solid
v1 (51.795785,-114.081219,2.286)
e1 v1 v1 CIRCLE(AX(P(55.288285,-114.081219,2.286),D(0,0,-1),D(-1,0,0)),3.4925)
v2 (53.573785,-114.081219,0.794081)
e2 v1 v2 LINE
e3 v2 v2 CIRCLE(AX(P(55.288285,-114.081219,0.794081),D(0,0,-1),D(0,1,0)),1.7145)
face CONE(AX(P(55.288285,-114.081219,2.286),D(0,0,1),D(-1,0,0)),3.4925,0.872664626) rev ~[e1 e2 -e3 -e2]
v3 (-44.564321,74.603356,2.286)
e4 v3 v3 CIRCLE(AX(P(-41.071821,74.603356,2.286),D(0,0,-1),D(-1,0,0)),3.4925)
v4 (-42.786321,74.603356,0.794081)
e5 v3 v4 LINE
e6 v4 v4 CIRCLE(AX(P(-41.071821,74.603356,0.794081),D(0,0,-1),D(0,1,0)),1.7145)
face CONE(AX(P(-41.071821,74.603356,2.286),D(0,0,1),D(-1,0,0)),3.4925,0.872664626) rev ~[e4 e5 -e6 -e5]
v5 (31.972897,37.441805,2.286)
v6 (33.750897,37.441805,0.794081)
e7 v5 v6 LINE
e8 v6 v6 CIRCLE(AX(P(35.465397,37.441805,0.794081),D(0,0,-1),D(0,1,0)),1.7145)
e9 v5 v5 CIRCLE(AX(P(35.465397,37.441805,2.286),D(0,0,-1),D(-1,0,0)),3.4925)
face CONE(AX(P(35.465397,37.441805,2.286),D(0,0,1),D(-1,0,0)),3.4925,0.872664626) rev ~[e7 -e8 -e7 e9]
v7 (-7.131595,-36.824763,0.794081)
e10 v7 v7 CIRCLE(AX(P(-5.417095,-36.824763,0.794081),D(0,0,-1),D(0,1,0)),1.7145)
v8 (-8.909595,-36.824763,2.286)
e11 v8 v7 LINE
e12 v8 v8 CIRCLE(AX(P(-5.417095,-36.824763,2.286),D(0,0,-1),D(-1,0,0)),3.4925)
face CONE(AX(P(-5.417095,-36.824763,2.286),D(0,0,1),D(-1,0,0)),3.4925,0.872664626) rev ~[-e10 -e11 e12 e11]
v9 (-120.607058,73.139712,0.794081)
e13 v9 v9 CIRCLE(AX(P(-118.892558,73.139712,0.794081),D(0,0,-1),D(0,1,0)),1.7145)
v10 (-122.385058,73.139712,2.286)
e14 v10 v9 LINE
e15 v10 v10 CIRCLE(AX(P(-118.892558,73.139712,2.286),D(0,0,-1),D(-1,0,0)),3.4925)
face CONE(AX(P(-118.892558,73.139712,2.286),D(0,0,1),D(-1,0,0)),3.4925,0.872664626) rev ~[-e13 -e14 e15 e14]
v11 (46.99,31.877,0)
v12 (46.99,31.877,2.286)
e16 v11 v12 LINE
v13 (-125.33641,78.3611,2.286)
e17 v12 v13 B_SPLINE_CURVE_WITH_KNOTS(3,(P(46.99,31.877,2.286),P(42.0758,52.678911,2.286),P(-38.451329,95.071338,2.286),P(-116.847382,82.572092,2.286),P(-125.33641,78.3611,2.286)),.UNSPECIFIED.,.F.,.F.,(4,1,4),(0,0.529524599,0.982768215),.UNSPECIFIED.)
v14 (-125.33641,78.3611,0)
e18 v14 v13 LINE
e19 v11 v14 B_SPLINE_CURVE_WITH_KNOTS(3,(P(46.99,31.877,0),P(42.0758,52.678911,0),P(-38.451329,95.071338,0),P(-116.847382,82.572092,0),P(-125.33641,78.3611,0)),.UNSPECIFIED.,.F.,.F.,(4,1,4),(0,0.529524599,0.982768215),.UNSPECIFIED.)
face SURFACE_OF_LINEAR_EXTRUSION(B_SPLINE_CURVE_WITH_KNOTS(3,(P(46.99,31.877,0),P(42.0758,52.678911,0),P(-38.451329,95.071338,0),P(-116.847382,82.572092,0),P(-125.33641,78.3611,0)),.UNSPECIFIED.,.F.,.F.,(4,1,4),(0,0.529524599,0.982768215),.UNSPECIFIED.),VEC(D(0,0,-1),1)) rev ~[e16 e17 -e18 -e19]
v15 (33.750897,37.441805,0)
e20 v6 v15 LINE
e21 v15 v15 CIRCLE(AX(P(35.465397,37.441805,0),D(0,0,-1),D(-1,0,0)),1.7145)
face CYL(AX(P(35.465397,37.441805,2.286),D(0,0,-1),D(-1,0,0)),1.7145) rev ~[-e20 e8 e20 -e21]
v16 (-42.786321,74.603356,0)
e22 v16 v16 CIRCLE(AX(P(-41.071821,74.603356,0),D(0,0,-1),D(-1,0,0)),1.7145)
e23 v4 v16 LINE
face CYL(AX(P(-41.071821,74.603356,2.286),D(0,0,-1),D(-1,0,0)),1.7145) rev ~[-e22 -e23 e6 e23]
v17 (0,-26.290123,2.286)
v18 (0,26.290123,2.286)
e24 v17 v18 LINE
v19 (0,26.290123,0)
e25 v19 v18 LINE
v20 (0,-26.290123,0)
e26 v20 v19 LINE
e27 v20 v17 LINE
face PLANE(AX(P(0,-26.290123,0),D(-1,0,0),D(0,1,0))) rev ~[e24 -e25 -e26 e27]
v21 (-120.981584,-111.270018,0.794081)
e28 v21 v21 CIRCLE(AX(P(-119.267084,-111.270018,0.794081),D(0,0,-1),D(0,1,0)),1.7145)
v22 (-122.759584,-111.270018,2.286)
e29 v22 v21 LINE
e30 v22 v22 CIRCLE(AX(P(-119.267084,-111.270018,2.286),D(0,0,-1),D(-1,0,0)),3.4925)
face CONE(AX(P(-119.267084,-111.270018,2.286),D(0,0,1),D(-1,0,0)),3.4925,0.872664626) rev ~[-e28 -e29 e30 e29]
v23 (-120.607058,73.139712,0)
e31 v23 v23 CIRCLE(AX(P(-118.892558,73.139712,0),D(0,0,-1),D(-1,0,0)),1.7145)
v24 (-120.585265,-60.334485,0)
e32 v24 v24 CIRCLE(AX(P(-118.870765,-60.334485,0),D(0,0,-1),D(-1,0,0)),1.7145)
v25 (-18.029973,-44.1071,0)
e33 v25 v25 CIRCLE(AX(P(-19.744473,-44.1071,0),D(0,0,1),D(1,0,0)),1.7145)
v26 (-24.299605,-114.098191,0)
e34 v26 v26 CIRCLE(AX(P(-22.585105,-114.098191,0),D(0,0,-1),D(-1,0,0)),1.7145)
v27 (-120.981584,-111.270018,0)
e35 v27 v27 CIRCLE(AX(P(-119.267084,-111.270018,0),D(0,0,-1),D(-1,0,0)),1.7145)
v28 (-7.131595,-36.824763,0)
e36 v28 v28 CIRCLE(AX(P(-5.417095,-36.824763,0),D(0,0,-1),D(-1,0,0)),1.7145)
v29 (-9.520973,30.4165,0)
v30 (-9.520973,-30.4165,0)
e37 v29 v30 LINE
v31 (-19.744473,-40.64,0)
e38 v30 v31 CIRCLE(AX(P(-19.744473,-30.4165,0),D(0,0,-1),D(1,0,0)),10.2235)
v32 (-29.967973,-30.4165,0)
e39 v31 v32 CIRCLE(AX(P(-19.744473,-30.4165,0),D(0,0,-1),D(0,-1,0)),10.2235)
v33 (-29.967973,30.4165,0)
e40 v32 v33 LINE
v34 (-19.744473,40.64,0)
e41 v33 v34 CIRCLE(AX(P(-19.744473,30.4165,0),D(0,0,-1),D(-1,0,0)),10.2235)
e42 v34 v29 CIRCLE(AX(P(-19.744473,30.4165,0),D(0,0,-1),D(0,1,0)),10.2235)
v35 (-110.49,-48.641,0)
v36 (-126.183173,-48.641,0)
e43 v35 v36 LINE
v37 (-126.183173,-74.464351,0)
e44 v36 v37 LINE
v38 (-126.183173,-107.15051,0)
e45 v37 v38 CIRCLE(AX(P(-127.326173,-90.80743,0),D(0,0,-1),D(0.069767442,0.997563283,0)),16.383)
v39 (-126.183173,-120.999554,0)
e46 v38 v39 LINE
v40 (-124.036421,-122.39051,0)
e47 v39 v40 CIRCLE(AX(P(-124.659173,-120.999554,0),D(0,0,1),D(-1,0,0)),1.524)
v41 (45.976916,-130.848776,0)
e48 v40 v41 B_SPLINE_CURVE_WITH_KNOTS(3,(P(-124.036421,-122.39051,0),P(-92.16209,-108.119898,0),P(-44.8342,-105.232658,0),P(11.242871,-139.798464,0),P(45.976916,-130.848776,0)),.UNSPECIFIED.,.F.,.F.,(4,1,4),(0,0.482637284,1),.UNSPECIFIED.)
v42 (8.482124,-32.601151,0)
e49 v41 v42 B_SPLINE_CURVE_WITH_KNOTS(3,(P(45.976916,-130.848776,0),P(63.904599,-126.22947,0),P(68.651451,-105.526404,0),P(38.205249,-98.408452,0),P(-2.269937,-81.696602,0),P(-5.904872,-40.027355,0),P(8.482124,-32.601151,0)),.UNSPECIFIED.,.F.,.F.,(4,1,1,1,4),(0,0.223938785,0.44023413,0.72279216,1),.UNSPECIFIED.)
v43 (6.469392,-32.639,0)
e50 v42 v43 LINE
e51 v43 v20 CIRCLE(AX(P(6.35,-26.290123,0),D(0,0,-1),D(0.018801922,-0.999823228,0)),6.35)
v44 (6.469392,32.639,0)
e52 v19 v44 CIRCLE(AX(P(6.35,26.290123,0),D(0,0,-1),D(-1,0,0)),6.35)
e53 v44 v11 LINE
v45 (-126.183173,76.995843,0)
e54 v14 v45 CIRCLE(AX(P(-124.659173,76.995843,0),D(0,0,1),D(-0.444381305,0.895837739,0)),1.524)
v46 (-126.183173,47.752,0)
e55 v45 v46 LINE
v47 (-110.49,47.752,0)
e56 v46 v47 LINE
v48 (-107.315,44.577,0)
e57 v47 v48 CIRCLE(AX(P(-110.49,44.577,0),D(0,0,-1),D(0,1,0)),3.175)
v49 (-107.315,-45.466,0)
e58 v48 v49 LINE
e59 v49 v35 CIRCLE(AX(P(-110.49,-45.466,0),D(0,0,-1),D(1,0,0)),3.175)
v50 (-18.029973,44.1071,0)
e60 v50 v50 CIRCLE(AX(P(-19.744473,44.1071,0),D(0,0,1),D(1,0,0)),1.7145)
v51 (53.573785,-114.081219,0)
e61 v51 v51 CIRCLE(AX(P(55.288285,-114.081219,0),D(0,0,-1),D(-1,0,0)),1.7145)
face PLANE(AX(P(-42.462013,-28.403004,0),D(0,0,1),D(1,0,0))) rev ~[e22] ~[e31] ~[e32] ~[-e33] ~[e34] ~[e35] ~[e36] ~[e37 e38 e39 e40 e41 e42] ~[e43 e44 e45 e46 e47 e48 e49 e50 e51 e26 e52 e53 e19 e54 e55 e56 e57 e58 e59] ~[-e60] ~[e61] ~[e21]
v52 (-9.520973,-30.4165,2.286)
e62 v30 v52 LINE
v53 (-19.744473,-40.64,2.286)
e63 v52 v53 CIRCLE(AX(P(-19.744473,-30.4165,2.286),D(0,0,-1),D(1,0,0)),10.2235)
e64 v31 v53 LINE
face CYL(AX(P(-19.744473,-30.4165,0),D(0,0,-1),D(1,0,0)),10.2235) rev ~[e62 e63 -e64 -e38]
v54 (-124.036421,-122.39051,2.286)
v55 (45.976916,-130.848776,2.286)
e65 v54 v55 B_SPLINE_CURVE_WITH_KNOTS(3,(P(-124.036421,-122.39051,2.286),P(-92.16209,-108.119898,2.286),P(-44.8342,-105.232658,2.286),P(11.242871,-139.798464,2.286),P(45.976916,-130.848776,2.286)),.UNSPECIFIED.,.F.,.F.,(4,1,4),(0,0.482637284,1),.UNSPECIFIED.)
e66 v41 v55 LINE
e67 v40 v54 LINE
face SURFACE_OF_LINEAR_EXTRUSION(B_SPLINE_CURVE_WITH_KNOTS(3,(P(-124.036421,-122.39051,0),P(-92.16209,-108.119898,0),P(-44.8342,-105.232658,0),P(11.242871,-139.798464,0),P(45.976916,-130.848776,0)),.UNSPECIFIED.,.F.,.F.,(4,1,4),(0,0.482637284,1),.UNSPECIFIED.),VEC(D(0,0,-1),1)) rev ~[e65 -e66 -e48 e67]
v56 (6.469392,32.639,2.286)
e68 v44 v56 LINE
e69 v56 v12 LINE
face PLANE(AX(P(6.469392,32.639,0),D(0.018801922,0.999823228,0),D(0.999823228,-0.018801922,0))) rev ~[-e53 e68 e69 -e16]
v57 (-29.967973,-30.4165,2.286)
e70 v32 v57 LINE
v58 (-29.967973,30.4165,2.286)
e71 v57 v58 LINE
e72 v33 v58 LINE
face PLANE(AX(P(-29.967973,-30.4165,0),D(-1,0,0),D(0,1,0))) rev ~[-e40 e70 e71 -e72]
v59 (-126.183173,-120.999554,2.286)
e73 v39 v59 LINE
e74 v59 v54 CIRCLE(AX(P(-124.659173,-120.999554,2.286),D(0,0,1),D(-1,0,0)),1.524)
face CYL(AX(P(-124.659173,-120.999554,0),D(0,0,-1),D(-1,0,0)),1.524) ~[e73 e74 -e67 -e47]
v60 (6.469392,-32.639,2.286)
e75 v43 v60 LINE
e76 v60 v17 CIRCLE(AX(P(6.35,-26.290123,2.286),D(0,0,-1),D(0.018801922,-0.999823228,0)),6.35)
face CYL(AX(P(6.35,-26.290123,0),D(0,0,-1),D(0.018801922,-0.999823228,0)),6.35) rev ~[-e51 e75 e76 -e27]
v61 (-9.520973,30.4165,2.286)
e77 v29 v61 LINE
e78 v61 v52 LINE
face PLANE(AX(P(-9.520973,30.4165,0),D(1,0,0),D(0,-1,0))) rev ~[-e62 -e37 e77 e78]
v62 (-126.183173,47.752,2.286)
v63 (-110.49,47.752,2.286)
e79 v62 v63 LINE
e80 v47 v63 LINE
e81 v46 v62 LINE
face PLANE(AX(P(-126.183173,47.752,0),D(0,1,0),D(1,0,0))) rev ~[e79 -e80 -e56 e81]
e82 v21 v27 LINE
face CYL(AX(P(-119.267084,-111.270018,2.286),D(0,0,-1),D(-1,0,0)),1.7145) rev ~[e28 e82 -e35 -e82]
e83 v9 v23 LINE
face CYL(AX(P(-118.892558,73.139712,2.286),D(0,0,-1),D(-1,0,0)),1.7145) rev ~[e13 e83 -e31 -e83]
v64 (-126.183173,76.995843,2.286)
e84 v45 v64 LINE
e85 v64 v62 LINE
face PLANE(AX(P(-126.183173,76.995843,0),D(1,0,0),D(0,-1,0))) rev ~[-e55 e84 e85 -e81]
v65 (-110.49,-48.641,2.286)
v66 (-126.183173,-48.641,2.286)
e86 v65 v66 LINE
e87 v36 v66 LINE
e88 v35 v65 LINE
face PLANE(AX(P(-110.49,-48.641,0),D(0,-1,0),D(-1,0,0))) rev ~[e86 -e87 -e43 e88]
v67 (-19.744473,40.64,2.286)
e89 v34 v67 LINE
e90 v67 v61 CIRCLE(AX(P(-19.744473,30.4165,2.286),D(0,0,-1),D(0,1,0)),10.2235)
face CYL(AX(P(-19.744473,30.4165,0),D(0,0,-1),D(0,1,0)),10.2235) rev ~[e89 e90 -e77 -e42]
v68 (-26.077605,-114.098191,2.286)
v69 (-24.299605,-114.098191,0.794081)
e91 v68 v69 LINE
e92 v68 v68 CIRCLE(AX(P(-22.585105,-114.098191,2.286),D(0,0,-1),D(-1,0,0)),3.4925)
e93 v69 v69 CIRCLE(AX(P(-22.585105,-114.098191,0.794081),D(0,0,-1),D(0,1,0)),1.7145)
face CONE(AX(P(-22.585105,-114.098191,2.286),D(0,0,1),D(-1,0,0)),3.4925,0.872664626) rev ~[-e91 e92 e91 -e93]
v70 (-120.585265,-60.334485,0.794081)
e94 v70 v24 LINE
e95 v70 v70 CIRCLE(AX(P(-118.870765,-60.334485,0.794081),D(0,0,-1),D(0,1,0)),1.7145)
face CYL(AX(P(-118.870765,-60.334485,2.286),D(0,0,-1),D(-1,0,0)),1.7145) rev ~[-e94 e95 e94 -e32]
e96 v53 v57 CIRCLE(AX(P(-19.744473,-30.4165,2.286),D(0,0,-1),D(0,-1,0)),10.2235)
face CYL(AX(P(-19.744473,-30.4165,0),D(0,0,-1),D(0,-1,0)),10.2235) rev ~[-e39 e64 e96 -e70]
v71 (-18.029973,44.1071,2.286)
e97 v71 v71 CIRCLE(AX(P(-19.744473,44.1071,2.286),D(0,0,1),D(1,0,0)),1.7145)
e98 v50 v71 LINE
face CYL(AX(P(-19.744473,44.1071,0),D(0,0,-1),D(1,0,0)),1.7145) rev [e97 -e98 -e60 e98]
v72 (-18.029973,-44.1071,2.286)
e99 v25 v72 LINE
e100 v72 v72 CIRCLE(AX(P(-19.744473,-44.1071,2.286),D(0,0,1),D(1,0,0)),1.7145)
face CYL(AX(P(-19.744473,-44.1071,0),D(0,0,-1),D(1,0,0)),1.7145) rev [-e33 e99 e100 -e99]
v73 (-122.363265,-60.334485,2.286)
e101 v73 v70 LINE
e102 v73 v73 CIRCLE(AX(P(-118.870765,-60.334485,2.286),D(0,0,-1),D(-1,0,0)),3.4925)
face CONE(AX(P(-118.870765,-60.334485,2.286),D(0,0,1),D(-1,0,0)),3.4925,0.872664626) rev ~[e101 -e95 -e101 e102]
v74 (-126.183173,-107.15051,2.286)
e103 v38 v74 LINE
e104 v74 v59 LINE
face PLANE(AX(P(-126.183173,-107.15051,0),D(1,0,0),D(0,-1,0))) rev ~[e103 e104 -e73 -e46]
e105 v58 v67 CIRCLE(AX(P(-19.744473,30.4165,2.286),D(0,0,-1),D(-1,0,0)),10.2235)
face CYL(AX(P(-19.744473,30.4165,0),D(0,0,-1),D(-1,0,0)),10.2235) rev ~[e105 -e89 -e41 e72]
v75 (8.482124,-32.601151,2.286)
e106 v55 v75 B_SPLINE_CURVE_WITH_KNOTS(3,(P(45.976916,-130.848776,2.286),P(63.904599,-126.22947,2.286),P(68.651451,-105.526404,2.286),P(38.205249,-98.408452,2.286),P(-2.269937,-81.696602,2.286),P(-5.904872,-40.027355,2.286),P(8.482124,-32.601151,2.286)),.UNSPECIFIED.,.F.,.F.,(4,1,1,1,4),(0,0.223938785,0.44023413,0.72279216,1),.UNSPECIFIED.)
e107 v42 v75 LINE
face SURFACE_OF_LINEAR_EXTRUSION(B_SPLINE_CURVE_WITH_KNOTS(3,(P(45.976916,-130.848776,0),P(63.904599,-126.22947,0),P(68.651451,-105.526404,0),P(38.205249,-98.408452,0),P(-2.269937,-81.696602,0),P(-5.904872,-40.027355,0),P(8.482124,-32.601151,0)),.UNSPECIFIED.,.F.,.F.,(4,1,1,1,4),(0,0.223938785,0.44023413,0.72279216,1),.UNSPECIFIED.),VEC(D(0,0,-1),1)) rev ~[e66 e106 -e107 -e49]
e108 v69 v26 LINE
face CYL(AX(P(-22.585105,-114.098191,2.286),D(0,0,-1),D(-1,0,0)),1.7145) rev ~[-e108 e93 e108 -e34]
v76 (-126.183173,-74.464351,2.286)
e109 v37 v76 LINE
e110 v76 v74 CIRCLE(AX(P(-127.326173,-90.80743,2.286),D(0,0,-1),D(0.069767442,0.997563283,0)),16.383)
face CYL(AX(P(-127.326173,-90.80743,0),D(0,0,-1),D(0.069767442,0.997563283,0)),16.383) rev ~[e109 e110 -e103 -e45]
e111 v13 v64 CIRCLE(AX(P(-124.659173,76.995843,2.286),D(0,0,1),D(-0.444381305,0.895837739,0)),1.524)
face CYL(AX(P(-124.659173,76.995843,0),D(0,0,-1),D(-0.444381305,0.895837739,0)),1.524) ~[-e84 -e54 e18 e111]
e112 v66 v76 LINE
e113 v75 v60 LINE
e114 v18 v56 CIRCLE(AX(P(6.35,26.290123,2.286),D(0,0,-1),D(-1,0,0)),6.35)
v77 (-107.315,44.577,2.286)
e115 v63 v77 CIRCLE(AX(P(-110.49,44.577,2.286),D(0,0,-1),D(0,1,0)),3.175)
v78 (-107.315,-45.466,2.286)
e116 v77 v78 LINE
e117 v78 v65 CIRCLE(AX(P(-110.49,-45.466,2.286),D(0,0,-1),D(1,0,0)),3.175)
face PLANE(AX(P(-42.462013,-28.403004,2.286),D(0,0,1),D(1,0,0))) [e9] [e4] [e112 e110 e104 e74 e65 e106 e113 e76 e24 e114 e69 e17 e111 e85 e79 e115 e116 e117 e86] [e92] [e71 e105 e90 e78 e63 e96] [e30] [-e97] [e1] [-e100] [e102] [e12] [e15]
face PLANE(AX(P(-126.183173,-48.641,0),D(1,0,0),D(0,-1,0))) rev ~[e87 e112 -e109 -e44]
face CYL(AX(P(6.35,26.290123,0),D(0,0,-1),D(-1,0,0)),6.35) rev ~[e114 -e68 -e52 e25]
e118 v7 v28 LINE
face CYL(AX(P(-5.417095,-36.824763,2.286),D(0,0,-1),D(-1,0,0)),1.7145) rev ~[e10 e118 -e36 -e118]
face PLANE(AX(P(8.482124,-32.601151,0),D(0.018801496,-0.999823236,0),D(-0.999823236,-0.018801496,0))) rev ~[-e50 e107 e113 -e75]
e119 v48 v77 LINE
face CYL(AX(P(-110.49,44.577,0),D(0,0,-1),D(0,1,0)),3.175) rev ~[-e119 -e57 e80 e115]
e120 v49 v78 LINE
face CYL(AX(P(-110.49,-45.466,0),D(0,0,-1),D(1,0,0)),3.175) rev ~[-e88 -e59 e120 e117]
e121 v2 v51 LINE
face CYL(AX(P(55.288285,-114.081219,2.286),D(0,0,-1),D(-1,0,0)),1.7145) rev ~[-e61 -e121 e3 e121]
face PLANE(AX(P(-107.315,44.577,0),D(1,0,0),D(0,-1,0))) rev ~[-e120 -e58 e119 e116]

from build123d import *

# Parameters (mm, degrees)
F0_R           = 1.7145
F1_DEPTH       = 2.286
F3_D           = 3.429
F3_CSINK_D     = 6.985
F3_CSINK_ANGLE = 100


with BuildPart() as f1:
    # F0 (on Top) → F1 (new body)
    with BuildSketch(Plane.XY):
        with BuildLine():
            Line((-107.315, 44.577), (-107.315, 0))
            Line((-107.315, 0), (-107.315, -45.466))
            ThreePointArc((-107.315, -45.466), (-108.2449359697, -47.7110640303), (-110.49, -48.641))
            Line((-110.49, -48.641), (-126.1831725782, -48.641))
            Line((-126.1831725782, -48.641), (-126.1831725782, -74.4643509633))
            ThreePointArc((-126.1831725782, -74.4643509633), (-110.9431725782, -90.8074302325), (-126.1831725782, -107.1505095018))
            Line((-126.1831725782, -107.1505095018), (-126.1831725782, -120.9995541592))
            ThreePointArc((-126.1831725782, -120.9995541592), (-125.4878772763, -122.2785477179), (-124.0364212354, -122.3905095018))
            add(Edge.make_bspline(
                [(-124.0364212354, -122.3905095018), (-92.1620897644, -108.119898421), (-44.8342001538, -105.2326575753), (11.2428708762, -139.7984644702), (45.9769156525, -130.8487758618)],
                knots=[0, 0, 0, 0, 0.4826372845, 1, 1, 1, 1], degree=3))
            add(Edge.make_bspline(
                [(45.9769156525, -130.8487758618), (63.9045987038, -126.2294698809), (68.6514505288, -105.5264035805), (38.2052489987, -98.4084521542), (-2.269937153, -81.6966019844), (-5.9048724161, -40.0273548571), (8.4821237256, -32.6011509456)],
                knots=[0, 0, 0, 0, 0.2239387847, 0.4402341305, 0.7227921605, 1, 1, 1, 1], degree=3))
            Line((8.4821237256, -32.6011509456), (6.4693922036, -32.639))
            ThreePointArc((6.4693922036, -32.639), (1.9022837598, -30.8222655088), (0, -26.2901225007))
            Line((0, -26.2901225007), (0, 0))
            Line((0, 0), (0, 26.2901225007))
            ThreePointArc((0, 26.2901225007), (1.9022837598, 30.8222655088), (6.4693922036, 32.639))
            Line((6.4693922036, 32.639), (46.99, 31.877))
            add(Edge.make_bspline(
                [(46.99, 31.877), (42.0757997692, 52.678911241), (-38.4513290313, 95.0713380303), (-116.8473815997, 82.5720919582), (-125.3364096878, 78.3611001469)],
                knots=[0, 0, 0, 0, 0.5295245995, 0.9827682146, 0.9827682146, 0.9827682146, 0.9827682146], degree=3))
            ThreePointArc((-125.3364096878, 78.3611001469), (-125.9542952278, 77.7991075994), (-126.1831725782, 76.9958434321))
            Line((-126.1831725782, 76.9958434321), (-126.1831725782, 47.752))
            Line((-126.1831725782, 47.752), (-110.49, 47.752))
            ThreePointArc((-110.49, 47.752), (-108.2449359697, 46.8220640303), (-107.315, 44.577))
        make_face()
        with Locations((-19.7444725782, -44.1071)):
            Circle(F0_R, mode=Mode.SUBTRACT)
        with BuildLine():
            Line((-29.9679725782, -30.4165), (-29.9679725782, 0))
            Line((-29.9679725782, 0), (-29.9679725782, 30.4165))
            ThreePointArc((-29.9679725782, 30.4165), (-26.9735787556, 37.6456061775), (-19.7444725782, 40.64))
            ThreePointArc((-19.7444725782, 40.64), (-12.5153664007, 37.6456061775), (-9.5209725782, 30.4165))
            Line((-9.5209725782, 30.4165), (-9.5209725782, 0))
            Line((-9.5209725782, 0), (-9.5209725782, -30.4165))
            ThreePointArc((-9.5209725782, -30.4165), (-12.5153664007, -37.6456061775), (-19.7444725782, -40.64))
            ThreePointArc((-19.7444725782, -40.64), (-26.9735787556, -37.6456061775), (-29.9679725782, -30.4165))
        make_face(mode=Mode.SUBTRACT)
        with Locations((-19.7444725782, 44.1071)):
            Circle(F0_R, mode=Mode.SUBTRACT)
    extrude(amount=F1_DEPTH)

    # F3 (through all)
    with Locations(Plane.XY.offset(2.286)):
        with Locations((-118.892557919, 73.1397122145), (-41.0718210042, 74.603356421), (35.4653969407, 37.4418050051), (-5.4170950316, -36.8247628212), (-22.5851051509, -114.0981912613), (55.288285017, -114.0812188387), (-119.2670837045, -111.2700179219), (-118.8707649708, -60.3344850242)):
            CounterSinkHole(F3_D / 2, F3_CSINK_D / 2, counter_sink_angle=F3_CSINK_ANGLE)


solid = f1.part
